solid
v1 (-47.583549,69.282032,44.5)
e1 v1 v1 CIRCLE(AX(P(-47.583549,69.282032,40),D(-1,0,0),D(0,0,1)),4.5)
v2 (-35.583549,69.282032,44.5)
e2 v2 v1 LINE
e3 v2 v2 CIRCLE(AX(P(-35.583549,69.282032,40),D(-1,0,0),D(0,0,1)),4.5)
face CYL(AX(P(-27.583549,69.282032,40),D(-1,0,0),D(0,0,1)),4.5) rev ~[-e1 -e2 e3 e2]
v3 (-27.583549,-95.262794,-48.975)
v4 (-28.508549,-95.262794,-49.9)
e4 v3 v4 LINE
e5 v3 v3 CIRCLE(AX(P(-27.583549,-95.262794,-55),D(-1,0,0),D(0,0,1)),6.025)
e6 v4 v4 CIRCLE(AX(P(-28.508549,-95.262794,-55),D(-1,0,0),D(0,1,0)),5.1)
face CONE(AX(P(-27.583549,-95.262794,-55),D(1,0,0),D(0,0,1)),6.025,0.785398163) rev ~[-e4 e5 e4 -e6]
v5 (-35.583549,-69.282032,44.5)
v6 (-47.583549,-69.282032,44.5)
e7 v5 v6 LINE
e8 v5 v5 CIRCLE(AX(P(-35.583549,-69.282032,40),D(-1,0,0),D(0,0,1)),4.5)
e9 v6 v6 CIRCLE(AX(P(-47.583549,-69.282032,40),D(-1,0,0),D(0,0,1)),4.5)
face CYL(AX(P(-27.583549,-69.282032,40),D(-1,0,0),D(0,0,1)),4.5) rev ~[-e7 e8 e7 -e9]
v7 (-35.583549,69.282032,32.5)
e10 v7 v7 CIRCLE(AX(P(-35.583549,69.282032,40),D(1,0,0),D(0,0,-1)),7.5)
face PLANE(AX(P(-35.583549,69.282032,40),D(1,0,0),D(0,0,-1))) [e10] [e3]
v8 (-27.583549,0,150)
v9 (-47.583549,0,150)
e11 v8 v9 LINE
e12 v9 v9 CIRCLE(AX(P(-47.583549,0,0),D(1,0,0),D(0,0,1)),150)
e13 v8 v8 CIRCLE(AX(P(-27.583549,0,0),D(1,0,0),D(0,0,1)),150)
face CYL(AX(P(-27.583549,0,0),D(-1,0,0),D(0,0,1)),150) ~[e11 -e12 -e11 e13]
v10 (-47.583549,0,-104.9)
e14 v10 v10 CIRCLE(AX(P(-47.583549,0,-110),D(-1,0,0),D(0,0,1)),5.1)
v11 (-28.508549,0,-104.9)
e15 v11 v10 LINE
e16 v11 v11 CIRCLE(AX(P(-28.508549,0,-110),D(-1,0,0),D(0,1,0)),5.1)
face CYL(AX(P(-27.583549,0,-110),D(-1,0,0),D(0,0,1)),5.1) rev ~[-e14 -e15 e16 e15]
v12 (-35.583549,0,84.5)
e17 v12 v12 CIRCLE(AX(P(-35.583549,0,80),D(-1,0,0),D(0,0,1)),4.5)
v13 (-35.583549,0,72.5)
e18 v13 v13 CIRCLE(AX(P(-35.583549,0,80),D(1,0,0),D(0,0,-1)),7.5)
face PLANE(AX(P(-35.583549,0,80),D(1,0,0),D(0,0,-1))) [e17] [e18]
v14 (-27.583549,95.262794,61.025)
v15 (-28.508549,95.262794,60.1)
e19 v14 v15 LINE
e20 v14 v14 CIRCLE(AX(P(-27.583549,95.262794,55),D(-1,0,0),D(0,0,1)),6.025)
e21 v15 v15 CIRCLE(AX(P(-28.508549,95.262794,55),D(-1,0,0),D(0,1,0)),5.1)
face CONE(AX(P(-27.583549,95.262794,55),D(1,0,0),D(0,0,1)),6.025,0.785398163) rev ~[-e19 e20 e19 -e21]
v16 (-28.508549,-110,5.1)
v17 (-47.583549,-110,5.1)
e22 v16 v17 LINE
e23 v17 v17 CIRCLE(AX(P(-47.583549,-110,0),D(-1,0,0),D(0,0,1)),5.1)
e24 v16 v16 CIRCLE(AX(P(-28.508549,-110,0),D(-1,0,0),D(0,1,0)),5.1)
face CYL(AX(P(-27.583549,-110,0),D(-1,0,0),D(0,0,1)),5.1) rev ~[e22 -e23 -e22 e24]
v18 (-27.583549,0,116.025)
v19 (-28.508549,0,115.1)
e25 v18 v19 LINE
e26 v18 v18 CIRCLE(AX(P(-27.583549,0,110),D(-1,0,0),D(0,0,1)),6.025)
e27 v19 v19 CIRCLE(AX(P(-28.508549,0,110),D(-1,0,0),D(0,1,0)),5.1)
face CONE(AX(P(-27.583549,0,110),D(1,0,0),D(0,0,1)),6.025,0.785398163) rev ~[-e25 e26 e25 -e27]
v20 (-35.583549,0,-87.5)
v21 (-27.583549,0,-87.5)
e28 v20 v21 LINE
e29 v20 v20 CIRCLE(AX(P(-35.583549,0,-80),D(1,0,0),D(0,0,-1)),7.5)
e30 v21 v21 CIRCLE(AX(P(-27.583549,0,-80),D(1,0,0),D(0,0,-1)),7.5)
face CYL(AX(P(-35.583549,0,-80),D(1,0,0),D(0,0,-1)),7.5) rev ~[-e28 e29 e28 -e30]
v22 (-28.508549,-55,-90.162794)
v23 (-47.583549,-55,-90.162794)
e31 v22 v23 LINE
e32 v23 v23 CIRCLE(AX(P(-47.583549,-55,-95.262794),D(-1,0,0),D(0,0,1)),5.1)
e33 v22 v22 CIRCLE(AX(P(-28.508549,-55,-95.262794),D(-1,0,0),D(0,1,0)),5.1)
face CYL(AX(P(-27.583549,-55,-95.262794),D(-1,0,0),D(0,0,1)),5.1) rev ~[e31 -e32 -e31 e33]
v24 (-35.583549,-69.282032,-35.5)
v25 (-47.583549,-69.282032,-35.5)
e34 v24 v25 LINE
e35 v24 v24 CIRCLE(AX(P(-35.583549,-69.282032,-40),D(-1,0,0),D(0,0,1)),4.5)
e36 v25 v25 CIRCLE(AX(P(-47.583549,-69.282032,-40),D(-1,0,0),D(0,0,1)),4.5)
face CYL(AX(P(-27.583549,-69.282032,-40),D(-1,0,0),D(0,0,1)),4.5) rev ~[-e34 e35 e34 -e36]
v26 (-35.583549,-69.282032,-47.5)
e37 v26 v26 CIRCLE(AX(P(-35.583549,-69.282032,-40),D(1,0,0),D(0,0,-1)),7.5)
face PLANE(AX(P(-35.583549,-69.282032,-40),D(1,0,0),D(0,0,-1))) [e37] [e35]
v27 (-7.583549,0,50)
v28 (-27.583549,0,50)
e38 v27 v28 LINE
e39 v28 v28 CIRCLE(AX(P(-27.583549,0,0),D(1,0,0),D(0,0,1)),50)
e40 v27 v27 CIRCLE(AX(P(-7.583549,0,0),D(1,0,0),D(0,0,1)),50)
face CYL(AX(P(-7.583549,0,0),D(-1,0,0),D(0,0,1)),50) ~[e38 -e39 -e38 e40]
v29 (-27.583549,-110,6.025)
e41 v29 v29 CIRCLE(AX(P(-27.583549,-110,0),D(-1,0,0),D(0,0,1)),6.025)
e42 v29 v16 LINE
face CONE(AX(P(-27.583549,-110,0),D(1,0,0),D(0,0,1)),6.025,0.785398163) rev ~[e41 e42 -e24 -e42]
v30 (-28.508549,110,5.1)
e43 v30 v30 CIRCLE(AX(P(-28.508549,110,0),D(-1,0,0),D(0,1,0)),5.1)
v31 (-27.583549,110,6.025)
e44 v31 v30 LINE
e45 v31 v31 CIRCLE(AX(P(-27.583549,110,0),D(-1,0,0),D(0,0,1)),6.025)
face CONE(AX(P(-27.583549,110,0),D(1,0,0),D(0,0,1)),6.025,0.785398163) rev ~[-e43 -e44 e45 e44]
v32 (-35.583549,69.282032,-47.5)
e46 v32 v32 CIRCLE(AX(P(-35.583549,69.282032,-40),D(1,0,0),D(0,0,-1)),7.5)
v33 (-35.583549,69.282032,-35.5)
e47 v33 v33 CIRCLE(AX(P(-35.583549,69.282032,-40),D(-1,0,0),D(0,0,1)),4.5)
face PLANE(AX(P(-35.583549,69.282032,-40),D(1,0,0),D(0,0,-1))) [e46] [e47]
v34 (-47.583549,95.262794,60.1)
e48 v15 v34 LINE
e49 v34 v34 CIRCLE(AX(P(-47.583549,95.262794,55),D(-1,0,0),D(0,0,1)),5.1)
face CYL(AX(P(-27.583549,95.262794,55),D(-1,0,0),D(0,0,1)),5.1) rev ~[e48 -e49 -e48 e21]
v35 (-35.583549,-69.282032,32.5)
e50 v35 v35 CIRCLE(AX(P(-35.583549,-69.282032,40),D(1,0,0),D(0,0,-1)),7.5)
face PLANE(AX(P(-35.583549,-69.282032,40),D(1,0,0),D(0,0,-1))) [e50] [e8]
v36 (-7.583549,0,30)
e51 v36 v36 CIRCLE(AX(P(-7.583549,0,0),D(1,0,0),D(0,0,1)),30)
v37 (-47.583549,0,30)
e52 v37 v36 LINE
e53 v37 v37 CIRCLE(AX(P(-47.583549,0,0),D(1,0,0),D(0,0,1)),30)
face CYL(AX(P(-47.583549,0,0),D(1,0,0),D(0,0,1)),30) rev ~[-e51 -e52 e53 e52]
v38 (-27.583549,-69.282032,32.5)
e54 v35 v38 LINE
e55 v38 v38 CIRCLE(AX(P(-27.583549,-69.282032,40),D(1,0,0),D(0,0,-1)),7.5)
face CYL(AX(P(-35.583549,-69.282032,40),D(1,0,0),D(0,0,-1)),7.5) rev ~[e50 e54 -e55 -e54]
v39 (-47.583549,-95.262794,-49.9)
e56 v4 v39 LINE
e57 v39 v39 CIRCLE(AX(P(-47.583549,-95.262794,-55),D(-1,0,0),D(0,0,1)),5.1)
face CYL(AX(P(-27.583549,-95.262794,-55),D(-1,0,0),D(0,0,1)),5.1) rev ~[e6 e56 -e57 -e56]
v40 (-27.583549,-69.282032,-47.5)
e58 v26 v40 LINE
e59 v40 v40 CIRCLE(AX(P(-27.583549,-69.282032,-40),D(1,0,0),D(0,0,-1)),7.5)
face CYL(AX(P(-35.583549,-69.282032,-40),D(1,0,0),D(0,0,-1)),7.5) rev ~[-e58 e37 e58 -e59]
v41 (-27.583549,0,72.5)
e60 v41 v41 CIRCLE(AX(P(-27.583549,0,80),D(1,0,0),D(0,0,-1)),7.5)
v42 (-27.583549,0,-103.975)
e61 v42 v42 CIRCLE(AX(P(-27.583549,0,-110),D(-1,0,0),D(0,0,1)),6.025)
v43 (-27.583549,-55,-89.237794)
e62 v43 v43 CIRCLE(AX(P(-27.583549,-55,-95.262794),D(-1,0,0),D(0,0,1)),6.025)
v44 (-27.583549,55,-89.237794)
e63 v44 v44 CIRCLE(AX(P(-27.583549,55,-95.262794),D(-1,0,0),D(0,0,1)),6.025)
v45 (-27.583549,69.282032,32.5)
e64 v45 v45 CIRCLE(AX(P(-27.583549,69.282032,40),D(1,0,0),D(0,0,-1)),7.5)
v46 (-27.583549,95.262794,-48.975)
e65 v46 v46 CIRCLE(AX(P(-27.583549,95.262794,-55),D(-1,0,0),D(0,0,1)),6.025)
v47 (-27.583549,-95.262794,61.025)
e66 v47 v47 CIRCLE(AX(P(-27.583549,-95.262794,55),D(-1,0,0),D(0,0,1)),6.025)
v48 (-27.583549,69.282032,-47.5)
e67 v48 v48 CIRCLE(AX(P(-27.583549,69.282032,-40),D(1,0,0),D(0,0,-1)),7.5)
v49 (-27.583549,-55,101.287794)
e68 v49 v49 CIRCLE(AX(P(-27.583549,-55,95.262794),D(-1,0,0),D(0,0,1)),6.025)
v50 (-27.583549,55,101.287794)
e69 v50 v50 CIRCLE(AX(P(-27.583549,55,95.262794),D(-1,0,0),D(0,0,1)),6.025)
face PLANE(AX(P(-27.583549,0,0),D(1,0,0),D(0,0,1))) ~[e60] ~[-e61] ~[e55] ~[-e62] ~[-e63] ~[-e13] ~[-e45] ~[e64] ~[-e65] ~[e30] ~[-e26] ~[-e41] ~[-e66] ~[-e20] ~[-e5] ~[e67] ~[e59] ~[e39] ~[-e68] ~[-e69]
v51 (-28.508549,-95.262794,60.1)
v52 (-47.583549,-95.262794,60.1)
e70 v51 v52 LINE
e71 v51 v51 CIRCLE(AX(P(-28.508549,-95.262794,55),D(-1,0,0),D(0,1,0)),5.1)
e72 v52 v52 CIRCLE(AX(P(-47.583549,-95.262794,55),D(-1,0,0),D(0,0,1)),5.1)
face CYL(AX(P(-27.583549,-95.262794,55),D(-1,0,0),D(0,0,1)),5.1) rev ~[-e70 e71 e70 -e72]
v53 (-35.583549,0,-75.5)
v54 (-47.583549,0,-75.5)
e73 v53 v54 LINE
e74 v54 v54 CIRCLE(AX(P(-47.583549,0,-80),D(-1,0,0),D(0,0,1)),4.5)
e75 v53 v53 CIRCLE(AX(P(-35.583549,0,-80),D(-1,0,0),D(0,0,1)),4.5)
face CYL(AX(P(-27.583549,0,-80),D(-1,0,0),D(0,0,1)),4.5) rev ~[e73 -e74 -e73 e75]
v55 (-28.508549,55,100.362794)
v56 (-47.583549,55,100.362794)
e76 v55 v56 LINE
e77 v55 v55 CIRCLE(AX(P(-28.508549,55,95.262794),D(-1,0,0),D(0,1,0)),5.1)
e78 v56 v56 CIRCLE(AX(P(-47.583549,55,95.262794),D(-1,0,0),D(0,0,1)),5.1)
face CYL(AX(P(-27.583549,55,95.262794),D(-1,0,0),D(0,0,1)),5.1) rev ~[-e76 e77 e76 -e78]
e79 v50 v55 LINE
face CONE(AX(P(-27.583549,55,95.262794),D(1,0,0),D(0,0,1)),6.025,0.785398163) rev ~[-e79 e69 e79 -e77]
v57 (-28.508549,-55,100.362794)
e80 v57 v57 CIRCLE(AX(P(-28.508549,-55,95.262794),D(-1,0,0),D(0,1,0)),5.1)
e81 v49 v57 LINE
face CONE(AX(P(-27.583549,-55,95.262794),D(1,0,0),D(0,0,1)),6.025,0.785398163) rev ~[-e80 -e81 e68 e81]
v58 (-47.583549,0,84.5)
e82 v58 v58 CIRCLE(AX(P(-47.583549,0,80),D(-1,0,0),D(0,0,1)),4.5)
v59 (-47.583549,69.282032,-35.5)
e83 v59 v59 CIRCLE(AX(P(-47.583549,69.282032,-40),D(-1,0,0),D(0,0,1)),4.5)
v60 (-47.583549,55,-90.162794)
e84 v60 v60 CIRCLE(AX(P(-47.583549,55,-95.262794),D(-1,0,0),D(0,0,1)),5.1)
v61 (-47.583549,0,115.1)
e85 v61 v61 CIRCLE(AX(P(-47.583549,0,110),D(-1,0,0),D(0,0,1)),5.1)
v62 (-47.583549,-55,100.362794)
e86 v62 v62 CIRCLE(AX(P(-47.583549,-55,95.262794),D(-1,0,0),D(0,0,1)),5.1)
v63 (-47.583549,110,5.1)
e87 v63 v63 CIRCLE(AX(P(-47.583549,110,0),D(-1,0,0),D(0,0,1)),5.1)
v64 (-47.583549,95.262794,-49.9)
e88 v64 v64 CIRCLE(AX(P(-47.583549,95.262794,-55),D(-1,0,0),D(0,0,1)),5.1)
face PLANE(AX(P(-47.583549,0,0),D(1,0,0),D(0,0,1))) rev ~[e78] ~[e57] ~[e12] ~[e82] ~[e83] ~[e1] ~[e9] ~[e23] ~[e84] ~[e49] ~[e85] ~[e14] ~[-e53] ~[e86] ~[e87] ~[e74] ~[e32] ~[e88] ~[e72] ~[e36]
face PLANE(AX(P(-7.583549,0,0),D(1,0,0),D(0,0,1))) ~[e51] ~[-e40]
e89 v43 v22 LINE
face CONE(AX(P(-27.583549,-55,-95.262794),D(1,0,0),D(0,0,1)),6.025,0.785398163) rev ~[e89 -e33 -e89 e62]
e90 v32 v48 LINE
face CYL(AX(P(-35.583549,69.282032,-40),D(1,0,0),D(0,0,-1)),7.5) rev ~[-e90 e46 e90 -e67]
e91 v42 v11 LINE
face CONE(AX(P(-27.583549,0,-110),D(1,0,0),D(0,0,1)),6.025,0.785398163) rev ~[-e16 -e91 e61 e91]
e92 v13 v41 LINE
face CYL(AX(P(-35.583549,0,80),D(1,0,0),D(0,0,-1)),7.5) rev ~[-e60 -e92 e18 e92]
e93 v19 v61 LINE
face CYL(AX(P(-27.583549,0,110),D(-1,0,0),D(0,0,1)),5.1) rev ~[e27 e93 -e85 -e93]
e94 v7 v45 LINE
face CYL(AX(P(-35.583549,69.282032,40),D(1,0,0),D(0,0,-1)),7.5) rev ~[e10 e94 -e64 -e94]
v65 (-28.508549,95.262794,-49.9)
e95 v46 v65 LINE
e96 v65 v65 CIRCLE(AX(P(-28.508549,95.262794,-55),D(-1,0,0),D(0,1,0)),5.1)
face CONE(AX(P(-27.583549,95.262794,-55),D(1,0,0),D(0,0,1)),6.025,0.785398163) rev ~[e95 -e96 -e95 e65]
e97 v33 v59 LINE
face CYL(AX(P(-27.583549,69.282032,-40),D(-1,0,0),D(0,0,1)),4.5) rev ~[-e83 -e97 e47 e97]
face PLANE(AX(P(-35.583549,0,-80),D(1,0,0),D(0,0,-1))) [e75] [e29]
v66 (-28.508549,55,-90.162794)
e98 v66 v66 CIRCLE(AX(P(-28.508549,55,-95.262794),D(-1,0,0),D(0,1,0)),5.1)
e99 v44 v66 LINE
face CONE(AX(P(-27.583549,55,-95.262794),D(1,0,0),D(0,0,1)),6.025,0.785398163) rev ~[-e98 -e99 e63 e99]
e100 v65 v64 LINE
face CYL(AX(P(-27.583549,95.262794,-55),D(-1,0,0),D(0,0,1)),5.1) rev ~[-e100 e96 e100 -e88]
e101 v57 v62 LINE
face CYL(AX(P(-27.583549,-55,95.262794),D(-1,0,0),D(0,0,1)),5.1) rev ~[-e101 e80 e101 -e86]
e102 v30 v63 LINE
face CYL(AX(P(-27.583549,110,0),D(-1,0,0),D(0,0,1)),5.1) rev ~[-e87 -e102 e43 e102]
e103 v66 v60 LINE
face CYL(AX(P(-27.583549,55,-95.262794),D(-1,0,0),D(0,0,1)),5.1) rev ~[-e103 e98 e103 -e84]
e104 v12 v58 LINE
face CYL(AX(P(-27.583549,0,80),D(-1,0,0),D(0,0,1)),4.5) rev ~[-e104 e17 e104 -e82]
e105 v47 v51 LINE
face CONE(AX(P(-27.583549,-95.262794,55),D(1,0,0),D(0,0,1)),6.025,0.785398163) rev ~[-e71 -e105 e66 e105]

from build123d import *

# Parameters (mm, degrees)
M8_SHCS_IN_HAV_A1_D               = 9
M8_SHCS_IN_HAV_A1_CBORE_D         = 15
M8_SHCS_IN_HAV_A1_CBORE_DEPTH     = 8
M12X1_75_DI_LI_DELIK1_D           = 10.2
M12X1_75_DI_LI_DELIK1_CSINK_D     = 12.05
M12X1_75_DI_LI_DELIK1_CSINK_ANGLE = 90


with BuildPart() as part:
    # Çizim1 → Döndür1 (revolve)
    with BuildSketch(Plane.XY, mode=Mode.PRIVATE) as d_nd_r1_sk:
        Polygon((-47.583548513, 30), (-7.583548513, 30), (-7.583548513, 50), (-27.583548513, 50), (-27.583548513, 150), (-47.583548513, 150), align=None)
    revolve(d_nd_r1_sk.sketch.rotate(Axis((-58.347943389, 0, 0), (1, 0, 0)), 90), axis=Axis((-58.347943389, 0, 0), (1, 0, 0)))

    # M8 SHCS İçin Havşa1 (through all)
    with Locations(Plane(origin=(-27.583548513, 0, 0), x_dir=(0, 0, -1), z_dir=(1, 0, 0))):
        with Locations((80, 0), (401.288725226, 148.981360789), (40, -69.282032303), (-40, -69.282032303), (-80, 0), (-40, 69.282032303), (40, 69.282032303), (0, 0)):
            CounterBoreHole(M8_SHCS_IN_HAV_A1_D / 2, M8_SHCS_IN_HAV_A1_CBORE_D / 2, M8_SHCS_IN_HAV_A1_CBORE_DEPTH)

    # M12x1.75 Dişli Delik1 (through all)
    with Locations(Plane(origin=(-27.583548513, 0, 0), x_dir=(0, 0, -1), z_dir=(1, 0, 0))):
        with Locations((110, 0), (95.262794416, -55), (55, -95.262794416), (0, -110), (-55, -95.262794416), (-95.262794416, -55), (-110, 0), (-95.262794416, 55), (-55, 95.262794416), (0, 110), (55, 95.262794416), (95.262794416, 55), (0, 0)):
            CounterSinkHole(M12X1_75_DI_LI_DELIK1_D / 2, M12X1_75_DI_LI_DELIK1_CSINK_D / 2, counter_sink_angle=M12X1_75_DI_LI_DELIK1_CSINK_ANGLE)


solid = part.part
